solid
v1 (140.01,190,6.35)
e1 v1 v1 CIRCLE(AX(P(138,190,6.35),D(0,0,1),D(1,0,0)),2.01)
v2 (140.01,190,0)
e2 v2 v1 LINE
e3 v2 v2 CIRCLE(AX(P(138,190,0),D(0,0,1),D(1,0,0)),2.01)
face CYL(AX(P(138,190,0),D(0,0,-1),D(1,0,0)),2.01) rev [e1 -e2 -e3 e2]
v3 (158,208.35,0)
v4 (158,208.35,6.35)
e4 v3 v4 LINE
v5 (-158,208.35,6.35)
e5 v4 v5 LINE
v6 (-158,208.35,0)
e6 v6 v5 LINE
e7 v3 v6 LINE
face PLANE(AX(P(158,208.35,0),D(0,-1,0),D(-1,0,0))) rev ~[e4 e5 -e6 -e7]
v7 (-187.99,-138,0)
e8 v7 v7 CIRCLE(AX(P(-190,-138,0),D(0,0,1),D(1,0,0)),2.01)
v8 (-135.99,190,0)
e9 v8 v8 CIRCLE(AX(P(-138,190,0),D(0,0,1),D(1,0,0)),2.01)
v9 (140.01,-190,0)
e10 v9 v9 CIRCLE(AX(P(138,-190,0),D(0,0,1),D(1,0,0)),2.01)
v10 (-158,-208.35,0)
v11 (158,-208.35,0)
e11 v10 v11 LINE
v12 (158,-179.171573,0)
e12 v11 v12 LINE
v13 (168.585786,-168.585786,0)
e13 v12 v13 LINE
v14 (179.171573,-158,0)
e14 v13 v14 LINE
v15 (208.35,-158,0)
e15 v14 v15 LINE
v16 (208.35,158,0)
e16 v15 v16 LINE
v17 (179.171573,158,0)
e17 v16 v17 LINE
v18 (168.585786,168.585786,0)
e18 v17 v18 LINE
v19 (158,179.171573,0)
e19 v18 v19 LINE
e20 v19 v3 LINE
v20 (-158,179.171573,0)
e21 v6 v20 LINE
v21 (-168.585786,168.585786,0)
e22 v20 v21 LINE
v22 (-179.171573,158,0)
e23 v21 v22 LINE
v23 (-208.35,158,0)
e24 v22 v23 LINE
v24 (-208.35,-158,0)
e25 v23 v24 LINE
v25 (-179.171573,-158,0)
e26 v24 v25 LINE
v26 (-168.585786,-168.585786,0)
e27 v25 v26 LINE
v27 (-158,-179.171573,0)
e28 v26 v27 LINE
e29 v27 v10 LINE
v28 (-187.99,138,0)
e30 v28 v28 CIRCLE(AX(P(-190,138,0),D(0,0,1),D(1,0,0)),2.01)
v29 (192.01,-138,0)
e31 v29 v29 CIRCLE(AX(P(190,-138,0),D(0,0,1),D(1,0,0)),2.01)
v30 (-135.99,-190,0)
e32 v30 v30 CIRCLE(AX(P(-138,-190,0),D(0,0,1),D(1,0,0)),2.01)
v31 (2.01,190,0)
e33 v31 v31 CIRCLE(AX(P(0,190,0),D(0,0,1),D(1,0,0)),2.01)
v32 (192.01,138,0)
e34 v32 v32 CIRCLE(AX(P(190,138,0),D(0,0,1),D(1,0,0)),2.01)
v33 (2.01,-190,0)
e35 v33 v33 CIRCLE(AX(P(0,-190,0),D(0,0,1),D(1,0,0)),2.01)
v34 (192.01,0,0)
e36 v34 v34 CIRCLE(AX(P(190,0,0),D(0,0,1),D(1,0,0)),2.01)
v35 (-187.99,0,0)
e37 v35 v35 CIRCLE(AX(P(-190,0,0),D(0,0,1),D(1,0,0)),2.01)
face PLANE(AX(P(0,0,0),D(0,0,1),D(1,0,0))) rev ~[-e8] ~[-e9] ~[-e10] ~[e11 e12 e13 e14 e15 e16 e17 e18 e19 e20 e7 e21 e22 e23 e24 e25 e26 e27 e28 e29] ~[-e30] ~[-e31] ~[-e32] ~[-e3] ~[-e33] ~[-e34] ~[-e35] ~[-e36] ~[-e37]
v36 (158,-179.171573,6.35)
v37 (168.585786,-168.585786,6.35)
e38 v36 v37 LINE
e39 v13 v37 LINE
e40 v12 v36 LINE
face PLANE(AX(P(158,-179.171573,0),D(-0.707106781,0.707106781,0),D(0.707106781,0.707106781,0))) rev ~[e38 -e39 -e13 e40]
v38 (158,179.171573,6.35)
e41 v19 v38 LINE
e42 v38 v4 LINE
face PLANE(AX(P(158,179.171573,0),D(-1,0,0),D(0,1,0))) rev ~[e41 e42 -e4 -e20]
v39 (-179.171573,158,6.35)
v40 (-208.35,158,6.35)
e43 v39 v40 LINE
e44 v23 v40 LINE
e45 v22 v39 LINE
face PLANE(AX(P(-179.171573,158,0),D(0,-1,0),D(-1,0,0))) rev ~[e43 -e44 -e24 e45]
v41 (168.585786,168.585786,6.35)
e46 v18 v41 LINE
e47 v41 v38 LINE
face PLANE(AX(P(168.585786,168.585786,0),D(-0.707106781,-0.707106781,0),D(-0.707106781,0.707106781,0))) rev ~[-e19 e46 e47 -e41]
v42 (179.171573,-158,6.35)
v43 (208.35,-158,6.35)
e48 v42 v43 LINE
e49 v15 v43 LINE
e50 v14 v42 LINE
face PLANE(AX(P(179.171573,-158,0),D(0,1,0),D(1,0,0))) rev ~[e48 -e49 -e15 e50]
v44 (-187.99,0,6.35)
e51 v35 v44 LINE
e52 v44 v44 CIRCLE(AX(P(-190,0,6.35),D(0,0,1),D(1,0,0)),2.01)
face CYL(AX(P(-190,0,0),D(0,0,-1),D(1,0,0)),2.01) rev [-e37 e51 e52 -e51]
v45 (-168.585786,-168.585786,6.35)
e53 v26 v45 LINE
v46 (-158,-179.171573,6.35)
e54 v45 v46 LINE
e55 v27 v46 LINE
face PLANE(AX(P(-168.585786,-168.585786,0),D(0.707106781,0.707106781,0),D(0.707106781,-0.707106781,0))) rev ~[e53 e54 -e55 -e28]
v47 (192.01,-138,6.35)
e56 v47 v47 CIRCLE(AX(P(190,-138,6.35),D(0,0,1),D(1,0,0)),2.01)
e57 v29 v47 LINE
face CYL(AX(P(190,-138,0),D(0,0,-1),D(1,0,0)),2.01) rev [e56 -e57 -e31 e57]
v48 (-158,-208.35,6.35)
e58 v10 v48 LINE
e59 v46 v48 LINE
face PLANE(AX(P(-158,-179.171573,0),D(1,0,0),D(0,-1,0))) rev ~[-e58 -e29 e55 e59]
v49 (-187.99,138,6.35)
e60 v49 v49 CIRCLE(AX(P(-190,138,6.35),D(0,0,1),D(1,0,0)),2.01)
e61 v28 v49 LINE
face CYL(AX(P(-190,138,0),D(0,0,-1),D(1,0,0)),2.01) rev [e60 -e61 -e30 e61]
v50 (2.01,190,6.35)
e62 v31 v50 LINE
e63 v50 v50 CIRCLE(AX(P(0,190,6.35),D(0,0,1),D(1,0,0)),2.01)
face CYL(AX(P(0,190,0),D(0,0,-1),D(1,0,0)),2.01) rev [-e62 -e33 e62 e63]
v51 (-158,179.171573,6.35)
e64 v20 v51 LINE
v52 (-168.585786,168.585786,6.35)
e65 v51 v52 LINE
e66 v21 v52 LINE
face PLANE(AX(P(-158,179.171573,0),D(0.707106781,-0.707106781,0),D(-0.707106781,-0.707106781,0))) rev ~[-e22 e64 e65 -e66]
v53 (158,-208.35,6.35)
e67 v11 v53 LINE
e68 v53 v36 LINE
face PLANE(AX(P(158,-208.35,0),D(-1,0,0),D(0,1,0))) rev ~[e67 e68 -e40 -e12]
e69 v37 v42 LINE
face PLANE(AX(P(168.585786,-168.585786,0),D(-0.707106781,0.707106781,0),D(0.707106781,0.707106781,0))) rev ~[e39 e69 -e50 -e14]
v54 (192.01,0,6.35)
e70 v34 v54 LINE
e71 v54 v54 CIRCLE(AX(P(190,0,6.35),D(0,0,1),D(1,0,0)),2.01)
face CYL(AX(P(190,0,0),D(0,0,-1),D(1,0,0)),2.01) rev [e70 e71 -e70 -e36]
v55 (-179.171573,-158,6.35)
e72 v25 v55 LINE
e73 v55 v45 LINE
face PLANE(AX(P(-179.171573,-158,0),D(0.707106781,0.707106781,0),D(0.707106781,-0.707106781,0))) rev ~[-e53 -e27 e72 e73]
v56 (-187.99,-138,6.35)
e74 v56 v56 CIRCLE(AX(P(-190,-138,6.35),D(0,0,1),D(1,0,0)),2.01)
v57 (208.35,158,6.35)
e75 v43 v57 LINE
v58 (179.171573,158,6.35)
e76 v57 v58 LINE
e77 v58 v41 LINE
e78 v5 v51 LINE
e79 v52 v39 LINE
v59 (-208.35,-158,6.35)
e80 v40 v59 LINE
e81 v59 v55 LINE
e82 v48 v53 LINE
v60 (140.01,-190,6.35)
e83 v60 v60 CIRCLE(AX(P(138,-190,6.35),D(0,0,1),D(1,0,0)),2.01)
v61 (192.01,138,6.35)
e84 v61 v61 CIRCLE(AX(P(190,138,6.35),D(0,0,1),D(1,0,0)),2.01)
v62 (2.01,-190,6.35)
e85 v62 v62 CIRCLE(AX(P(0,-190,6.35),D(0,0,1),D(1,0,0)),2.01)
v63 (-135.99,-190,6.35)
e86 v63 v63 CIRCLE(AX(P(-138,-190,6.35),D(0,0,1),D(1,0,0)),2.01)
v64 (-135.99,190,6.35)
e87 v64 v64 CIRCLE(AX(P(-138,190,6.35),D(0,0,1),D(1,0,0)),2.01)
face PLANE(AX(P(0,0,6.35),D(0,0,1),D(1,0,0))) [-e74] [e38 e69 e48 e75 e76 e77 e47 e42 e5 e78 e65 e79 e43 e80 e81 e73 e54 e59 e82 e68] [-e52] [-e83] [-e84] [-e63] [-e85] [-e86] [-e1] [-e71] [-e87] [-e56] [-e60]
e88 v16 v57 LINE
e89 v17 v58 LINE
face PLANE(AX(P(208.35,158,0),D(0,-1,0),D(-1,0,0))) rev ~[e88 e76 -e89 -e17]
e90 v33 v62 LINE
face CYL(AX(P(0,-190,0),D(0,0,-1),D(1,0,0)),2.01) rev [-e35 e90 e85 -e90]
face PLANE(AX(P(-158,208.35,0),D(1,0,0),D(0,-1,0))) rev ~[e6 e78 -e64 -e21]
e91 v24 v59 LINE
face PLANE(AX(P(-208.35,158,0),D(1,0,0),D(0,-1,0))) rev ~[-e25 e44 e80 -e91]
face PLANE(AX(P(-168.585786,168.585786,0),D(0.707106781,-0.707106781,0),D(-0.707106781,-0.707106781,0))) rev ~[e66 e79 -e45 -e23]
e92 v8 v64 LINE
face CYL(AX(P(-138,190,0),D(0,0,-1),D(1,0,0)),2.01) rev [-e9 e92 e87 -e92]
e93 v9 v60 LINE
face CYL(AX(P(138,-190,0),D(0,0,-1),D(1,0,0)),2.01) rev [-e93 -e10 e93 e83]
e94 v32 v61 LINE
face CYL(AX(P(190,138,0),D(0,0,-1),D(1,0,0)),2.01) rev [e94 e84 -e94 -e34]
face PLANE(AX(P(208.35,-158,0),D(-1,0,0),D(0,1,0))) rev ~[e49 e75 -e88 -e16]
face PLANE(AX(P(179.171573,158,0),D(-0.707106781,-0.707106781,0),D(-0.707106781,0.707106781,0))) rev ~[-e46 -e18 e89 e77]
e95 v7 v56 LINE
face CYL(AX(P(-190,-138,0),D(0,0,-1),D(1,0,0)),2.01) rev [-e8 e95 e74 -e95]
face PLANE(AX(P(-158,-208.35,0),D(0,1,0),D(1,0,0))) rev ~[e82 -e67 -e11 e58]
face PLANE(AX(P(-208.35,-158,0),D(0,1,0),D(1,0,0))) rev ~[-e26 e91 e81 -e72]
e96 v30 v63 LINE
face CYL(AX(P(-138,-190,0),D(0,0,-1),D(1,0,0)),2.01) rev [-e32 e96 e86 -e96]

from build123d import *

# Parameters (mm, degrees)
F0_R     = 2.01
F1_DEPTH = 6.35


with BuildPart() as f1:
    # F0 (on Top) → F1 (new body)
    with BuildSketch(Plane.XY):
        Polygon((-158, 208.35), (-158, 194.175), (-158, 179.1715728753), (-168.5857864376, 168.5857864376), (-179.1715728753, 158), (-194.175, 158), (-208.35, 158), (-208.35, -158), (-194.175, -158), (-179.1715728753, -158), (-168.5857864376, -168.5857864376), (-158, -179.1715728753), (-158, -194.175), (-158, -208.35), (158, -208.35), (158, -194.175), (158, -179.1715728753), (168.5857864376, -168.5857864376), (179.1715728753, -158), (194.175, -158), (208.35, -158), (208.35, 158), (194.175, 158), (179.1715728753, 158), (168.5857864376, 168.5857864376), (158, 179.1715728753), (158, 194.175), (158, 208.35), align=None)
        with Locations((-138, -190)):
            Circle(F0_R, mode=Mode.SUBTRACT)
        with Locations((-190, -138)):
            Circle(F0_R, mode=Mode.SUBTRACT)
        with Locations((0, -190)):
            Circle(F0_R, mode=Mode.SUBTRACT)
        with Locations((138, -190)):
            Circle(F0_R, mode=Mode.SUBTRACT)
        with Locations((190, -138)):
            Circle(F0_R, mode=Mode.SUBTRACT)
        with Locations((-190, 0)):
            Circle(F0_R, mode=Mode.SUBTRACT)
        with Locations((-190, 138)):
            Circle(F0_R, mode=Mode.SUBTRACT)
        with Locations((-138, 190)):
            Circle(F0_R, mode=Mode.SUBTRACT)
        with Locations((190, 0)):
            Circle(F0_R, mode=Mode.SUBTRACT)
        with Locations((0, 190)):
            Circle(F0_R, mode=Mode.SUBTRACT)
        with Locations((190, 138)):
            Circle(F0_R, mode=Mode.SUBTRACT)
        with Locations((138, 190)):
            Circle(F0_R, mode=Mode.SUBTRACT)
    extrude(amount=F1_DEPTH)


solid = f1.part
